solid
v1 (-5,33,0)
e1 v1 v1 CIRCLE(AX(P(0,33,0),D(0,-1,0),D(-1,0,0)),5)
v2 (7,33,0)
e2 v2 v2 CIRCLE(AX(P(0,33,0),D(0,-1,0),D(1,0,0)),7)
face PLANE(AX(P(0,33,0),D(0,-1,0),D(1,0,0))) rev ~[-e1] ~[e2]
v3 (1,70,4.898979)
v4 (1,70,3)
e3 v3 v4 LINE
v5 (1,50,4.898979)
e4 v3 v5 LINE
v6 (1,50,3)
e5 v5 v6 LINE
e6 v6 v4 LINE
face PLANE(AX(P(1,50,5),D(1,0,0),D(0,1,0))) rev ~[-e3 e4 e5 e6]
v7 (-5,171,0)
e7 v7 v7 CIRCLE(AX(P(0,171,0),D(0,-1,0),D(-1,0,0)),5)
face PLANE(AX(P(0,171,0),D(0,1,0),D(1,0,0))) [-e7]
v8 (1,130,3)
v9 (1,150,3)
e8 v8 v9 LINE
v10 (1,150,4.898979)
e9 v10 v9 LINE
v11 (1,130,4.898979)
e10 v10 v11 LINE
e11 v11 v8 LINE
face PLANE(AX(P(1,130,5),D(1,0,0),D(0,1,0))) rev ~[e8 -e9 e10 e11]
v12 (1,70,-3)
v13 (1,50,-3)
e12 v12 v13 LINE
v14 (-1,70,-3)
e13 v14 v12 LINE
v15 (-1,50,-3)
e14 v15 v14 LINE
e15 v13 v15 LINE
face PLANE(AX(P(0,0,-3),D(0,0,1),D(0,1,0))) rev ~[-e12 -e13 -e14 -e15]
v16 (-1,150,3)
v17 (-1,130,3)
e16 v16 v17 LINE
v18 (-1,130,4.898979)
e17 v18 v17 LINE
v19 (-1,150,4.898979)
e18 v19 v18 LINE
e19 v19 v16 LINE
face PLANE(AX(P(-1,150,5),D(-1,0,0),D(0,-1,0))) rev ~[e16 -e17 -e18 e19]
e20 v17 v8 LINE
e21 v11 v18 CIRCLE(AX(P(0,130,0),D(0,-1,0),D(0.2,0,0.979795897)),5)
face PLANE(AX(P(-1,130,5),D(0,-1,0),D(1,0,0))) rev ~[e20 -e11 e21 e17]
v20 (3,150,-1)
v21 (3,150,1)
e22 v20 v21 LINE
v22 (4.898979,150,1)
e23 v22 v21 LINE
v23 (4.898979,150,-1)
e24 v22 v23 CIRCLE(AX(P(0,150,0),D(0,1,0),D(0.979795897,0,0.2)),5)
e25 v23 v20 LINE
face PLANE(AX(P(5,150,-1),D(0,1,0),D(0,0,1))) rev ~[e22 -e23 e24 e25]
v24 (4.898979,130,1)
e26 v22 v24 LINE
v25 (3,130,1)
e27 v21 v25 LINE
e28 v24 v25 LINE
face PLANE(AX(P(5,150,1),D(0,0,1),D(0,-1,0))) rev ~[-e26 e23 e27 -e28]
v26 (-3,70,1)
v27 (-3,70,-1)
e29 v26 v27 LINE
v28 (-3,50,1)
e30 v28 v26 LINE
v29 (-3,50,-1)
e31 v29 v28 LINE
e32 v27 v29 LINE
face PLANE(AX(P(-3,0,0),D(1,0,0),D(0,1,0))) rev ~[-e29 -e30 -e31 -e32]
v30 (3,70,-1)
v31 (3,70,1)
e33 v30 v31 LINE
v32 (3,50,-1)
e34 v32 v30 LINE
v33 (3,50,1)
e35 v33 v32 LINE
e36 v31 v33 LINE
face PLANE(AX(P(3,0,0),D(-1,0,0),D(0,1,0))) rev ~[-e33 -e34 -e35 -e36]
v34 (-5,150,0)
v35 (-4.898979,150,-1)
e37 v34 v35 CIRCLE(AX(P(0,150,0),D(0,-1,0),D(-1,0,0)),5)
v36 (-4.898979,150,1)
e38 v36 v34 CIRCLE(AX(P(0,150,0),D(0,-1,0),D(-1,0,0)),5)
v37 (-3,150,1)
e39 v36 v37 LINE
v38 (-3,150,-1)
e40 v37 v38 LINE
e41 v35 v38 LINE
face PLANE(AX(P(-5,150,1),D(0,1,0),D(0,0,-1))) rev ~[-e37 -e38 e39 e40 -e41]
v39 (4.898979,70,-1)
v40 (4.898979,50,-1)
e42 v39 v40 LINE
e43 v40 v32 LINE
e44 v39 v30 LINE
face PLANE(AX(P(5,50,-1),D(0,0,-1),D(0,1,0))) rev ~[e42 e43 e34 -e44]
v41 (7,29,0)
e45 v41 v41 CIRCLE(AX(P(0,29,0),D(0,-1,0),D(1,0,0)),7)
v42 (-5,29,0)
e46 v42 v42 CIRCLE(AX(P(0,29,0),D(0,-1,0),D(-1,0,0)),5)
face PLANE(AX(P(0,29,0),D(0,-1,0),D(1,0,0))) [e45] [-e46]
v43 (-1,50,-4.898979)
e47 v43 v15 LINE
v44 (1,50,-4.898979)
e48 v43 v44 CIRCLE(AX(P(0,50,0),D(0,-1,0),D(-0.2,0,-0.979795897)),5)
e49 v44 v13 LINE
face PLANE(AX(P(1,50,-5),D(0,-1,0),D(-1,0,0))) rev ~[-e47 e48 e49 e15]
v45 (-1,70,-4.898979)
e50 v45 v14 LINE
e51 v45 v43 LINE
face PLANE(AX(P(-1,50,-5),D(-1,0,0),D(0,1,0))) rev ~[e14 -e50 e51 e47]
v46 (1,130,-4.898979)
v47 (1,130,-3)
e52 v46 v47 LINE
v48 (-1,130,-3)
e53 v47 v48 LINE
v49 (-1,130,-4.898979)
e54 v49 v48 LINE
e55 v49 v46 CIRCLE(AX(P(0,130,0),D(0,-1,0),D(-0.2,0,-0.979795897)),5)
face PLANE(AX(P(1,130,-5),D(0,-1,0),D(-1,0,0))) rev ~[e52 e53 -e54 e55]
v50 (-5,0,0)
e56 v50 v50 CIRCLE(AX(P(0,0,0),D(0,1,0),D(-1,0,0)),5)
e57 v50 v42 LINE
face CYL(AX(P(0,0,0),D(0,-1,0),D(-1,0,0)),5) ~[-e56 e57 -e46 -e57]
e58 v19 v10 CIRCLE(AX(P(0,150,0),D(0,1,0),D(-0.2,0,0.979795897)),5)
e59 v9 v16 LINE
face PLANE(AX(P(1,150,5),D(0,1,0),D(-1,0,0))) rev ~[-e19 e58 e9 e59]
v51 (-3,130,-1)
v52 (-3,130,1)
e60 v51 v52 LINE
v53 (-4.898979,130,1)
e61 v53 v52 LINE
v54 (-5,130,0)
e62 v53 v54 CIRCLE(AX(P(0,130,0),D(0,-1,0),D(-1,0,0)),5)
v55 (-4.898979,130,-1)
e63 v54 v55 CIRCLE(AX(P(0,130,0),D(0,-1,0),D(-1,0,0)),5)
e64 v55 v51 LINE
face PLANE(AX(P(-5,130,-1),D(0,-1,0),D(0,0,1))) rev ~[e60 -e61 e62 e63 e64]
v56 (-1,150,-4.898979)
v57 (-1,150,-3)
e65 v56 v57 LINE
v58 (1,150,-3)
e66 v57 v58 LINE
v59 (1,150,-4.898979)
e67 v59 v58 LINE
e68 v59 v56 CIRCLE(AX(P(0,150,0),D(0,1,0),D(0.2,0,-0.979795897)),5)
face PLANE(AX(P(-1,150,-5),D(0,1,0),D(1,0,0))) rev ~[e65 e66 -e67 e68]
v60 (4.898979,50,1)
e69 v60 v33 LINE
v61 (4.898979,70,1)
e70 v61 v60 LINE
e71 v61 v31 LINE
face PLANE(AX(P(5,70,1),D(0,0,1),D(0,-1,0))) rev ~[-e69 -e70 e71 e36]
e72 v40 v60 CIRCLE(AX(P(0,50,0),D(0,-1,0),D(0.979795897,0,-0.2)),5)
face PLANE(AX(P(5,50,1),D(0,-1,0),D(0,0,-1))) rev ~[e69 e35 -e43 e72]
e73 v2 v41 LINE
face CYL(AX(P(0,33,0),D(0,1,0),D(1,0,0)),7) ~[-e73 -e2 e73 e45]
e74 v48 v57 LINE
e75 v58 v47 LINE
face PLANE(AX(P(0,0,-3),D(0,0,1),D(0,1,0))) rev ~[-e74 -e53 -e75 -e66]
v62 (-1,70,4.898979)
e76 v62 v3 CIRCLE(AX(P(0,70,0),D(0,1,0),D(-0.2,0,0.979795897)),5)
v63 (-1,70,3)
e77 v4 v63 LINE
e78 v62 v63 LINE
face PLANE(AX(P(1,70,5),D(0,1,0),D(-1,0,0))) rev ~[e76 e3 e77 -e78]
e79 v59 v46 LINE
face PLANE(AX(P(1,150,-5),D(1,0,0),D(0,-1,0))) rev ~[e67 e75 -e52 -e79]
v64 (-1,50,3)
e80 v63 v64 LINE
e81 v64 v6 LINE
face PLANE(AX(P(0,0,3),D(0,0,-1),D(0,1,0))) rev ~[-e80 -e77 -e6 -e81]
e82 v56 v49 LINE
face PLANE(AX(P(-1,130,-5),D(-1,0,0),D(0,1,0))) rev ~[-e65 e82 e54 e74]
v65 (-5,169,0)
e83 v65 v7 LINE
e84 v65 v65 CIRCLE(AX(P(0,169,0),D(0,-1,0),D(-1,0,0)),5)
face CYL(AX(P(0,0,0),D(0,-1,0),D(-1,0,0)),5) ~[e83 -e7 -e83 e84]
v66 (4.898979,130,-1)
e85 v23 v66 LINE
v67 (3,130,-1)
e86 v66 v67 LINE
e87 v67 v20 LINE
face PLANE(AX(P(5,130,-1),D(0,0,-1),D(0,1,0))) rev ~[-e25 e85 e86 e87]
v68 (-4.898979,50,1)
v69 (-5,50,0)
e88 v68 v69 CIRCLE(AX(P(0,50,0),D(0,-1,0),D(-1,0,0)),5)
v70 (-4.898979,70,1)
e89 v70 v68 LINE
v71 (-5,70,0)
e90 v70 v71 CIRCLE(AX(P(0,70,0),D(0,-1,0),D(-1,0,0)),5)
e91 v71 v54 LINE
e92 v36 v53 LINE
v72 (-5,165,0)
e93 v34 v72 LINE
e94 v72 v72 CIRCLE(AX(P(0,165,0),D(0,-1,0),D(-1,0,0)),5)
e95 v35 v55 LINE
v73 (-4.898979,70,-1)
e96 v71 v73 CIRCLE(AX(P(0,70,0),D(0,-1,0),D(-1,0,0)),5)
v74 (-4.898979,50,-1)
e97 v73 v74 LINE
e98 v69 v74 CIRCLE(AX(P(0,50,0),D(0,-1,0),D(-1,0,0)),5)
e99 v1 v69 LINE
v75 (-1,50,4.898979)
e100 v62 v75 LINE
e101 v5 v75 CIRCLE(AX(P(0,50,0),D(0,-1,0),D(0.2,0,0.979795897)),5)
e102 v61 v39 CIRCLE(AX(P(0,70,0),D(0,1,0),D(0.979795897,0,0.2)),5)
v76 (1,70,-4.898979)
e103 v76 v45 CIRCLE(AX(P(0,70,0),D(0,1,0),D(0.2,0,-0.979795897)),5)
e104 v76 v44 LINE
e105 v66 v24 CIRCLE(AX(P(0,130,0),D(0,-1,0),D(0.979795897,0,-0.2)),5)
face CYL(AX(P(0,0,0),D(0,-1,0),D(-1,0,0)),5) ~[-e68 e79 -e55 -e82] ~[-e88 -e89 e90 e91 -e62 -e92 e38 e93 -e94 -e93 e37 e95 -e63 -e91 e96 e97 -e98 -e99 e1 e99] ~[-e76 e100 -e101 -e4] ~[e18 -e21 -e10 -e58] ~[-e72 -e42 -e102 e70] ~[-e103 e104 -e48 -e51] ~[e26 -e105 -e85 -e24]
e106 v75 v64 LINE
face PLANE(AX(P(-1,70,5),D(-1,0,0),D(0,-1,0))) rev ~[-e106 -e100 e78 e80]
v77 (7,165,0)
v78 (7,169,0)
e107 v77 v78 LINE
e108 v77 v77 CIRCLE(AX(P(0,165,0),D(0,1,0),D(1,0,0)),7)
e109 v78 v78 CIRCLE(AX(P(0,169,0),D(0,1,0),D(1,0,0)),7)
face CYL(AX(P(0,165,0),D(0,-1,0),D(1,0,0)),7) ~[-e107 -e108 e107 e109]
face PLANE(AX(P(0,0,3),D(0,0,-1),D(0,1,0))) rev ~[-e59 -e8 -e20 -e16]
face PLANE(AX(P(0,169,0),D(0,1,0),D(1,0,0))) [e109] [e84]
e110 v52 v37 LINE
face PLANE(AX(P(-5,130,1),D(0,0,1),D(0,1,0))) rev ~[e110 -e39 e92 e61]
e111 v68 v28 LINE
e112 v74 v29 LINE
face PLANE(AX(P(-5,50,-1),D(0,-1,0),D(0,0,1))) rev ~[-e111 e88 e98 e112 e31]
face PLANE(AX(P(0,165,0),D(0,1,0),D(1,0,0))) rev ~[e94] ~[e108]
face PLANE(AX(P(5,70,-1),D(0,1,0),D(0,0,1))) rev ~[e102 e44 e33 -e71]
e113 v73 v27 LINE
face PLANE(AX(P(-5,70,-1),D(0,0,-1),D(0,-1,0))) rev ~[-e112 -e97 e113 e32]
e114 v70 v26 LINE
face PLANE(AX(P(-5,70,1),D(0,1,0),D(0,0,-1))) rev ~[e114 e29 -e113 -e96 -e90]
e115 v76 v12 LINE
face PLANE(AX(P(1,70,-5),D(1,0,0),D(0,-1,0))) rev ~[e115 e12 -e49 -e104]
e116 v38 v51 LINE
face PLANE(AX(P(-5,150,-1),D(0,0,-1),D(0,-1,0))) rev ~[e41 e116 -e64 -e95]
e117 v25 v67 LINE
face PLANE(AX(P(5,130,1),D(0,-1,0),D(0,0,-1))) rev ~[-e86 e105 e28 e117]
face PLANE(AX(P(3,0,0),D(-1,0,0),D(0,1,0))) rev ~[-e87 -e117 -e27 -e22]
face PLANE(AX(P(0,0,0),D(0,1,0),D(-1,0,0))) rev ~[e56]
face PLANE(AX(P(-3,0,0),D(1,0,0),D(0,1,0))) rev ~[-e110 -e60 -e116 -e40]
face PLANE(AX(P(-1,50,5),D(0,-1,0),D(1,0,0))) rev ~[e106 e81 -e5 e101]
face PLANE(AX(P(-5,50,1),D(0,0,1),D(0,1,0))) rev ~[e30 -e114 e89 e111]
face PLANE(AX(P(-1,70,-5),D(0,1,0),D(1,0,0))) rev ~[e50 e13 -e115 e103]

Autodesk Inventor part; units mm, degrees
sketch "Sketch1" plane through (0, 0, 0) normal (0, 1, 0) x (-1, 0, 0)
  circle A0 centre (0, 0) radius 5
  point P0 (0, 5)
  dimension "d0" = 10
extrude "Extrusion1" add sketch "Sketch1" along normal blind 180
ref_plane "Work Plane1" through (-5, 0, 0) normal (1, 0, 0) x (0, 1, 0)
ref_plane "Work Plane4" through (0, 33, 0) normal (0, -1, 0) x (1, 0, 0)
sketch "Sketch7" plane through (0, 33, 0) normal (0, -1, 0) x (1, 0, 0)
  circle A0 centre (0, 0) radius 7
  dimension "d29" = 14
extrude "Extrusion7" add sketch "Sketch7" along normal blind 4
ref_plane "Work Plane5" through (0, 165, 0) normal (0, 1, 0) x (1, 0, 0)
sketch "Sketch8" plane through (0, 165, 0) normal (0, 1, 0) x (1, 0, 0)
  circle A0 centre (0, 0) radius 7
  dimension "d33" = 14
extrude "Extrusion8" add sketch "Sketch8" along normal blind 4
sketch "Sketch2" plane through (-5, 0, 0) normal (1, 0, 0) x (0, 1, 0)
  line L0 (150, -1) -> (130, -1)
  line L1 (130, -1) -> (130, 1)
  line L2 (130, 1) -> (150, 1)
  line L3 (150, 1) -> (150, -1)
  line L4 (150, 0) -> (130, 0) construction
  line L5 (180, -5) -> (180, 5) construction
  line L6 (180, 0) -> (0, 0) construction
  line L7 (0, 5) -> (0, -5) construction
  line L8 (70, -1) -> (50, -1)
  line L9 (50, -1) -> (50, 1)
  line L10 (50, 1) -> (70, 1)
  line L11 (70, 1) -> (70, -1)
  line L12 (70, 0) -> (50, 0) construction
  line L13 (165, 7) -> (165, -7) projected
  line L14 (33, -7) -> (33, 7) projected
  line L15 (169, -7) -> (169, 7) projected
  dimension "d3" = 20
  dimension "d4" = 2
  dimension "d6" = 20
  dimension "d7" = 2
  dimension "d36" = 15
  dimension "d37" = 17
  dimension "d38" = 60
  dimension "d40" = 15
  dimension "d41" = 33
extrude "Extrusion2" cut sketch "Sketch2" along normal blind 2
pattern_circular "Circular Pattern1" count 4 over 360 about axis through (0, -10, 0) along (0, 1, 0) of "Extrusion2"
sketch "Sketch9" plane through (0, 180, 0) normal (0, 1, 0) x (1, 0, 0)
  circle A0 centre (0, 0) radius 5
  dimension "d42" = 10
extrude "Extrusion9" cut sketch "Sketch9" against normal blind 9
properties part number "middleRod" material "Aluminum 6061"
